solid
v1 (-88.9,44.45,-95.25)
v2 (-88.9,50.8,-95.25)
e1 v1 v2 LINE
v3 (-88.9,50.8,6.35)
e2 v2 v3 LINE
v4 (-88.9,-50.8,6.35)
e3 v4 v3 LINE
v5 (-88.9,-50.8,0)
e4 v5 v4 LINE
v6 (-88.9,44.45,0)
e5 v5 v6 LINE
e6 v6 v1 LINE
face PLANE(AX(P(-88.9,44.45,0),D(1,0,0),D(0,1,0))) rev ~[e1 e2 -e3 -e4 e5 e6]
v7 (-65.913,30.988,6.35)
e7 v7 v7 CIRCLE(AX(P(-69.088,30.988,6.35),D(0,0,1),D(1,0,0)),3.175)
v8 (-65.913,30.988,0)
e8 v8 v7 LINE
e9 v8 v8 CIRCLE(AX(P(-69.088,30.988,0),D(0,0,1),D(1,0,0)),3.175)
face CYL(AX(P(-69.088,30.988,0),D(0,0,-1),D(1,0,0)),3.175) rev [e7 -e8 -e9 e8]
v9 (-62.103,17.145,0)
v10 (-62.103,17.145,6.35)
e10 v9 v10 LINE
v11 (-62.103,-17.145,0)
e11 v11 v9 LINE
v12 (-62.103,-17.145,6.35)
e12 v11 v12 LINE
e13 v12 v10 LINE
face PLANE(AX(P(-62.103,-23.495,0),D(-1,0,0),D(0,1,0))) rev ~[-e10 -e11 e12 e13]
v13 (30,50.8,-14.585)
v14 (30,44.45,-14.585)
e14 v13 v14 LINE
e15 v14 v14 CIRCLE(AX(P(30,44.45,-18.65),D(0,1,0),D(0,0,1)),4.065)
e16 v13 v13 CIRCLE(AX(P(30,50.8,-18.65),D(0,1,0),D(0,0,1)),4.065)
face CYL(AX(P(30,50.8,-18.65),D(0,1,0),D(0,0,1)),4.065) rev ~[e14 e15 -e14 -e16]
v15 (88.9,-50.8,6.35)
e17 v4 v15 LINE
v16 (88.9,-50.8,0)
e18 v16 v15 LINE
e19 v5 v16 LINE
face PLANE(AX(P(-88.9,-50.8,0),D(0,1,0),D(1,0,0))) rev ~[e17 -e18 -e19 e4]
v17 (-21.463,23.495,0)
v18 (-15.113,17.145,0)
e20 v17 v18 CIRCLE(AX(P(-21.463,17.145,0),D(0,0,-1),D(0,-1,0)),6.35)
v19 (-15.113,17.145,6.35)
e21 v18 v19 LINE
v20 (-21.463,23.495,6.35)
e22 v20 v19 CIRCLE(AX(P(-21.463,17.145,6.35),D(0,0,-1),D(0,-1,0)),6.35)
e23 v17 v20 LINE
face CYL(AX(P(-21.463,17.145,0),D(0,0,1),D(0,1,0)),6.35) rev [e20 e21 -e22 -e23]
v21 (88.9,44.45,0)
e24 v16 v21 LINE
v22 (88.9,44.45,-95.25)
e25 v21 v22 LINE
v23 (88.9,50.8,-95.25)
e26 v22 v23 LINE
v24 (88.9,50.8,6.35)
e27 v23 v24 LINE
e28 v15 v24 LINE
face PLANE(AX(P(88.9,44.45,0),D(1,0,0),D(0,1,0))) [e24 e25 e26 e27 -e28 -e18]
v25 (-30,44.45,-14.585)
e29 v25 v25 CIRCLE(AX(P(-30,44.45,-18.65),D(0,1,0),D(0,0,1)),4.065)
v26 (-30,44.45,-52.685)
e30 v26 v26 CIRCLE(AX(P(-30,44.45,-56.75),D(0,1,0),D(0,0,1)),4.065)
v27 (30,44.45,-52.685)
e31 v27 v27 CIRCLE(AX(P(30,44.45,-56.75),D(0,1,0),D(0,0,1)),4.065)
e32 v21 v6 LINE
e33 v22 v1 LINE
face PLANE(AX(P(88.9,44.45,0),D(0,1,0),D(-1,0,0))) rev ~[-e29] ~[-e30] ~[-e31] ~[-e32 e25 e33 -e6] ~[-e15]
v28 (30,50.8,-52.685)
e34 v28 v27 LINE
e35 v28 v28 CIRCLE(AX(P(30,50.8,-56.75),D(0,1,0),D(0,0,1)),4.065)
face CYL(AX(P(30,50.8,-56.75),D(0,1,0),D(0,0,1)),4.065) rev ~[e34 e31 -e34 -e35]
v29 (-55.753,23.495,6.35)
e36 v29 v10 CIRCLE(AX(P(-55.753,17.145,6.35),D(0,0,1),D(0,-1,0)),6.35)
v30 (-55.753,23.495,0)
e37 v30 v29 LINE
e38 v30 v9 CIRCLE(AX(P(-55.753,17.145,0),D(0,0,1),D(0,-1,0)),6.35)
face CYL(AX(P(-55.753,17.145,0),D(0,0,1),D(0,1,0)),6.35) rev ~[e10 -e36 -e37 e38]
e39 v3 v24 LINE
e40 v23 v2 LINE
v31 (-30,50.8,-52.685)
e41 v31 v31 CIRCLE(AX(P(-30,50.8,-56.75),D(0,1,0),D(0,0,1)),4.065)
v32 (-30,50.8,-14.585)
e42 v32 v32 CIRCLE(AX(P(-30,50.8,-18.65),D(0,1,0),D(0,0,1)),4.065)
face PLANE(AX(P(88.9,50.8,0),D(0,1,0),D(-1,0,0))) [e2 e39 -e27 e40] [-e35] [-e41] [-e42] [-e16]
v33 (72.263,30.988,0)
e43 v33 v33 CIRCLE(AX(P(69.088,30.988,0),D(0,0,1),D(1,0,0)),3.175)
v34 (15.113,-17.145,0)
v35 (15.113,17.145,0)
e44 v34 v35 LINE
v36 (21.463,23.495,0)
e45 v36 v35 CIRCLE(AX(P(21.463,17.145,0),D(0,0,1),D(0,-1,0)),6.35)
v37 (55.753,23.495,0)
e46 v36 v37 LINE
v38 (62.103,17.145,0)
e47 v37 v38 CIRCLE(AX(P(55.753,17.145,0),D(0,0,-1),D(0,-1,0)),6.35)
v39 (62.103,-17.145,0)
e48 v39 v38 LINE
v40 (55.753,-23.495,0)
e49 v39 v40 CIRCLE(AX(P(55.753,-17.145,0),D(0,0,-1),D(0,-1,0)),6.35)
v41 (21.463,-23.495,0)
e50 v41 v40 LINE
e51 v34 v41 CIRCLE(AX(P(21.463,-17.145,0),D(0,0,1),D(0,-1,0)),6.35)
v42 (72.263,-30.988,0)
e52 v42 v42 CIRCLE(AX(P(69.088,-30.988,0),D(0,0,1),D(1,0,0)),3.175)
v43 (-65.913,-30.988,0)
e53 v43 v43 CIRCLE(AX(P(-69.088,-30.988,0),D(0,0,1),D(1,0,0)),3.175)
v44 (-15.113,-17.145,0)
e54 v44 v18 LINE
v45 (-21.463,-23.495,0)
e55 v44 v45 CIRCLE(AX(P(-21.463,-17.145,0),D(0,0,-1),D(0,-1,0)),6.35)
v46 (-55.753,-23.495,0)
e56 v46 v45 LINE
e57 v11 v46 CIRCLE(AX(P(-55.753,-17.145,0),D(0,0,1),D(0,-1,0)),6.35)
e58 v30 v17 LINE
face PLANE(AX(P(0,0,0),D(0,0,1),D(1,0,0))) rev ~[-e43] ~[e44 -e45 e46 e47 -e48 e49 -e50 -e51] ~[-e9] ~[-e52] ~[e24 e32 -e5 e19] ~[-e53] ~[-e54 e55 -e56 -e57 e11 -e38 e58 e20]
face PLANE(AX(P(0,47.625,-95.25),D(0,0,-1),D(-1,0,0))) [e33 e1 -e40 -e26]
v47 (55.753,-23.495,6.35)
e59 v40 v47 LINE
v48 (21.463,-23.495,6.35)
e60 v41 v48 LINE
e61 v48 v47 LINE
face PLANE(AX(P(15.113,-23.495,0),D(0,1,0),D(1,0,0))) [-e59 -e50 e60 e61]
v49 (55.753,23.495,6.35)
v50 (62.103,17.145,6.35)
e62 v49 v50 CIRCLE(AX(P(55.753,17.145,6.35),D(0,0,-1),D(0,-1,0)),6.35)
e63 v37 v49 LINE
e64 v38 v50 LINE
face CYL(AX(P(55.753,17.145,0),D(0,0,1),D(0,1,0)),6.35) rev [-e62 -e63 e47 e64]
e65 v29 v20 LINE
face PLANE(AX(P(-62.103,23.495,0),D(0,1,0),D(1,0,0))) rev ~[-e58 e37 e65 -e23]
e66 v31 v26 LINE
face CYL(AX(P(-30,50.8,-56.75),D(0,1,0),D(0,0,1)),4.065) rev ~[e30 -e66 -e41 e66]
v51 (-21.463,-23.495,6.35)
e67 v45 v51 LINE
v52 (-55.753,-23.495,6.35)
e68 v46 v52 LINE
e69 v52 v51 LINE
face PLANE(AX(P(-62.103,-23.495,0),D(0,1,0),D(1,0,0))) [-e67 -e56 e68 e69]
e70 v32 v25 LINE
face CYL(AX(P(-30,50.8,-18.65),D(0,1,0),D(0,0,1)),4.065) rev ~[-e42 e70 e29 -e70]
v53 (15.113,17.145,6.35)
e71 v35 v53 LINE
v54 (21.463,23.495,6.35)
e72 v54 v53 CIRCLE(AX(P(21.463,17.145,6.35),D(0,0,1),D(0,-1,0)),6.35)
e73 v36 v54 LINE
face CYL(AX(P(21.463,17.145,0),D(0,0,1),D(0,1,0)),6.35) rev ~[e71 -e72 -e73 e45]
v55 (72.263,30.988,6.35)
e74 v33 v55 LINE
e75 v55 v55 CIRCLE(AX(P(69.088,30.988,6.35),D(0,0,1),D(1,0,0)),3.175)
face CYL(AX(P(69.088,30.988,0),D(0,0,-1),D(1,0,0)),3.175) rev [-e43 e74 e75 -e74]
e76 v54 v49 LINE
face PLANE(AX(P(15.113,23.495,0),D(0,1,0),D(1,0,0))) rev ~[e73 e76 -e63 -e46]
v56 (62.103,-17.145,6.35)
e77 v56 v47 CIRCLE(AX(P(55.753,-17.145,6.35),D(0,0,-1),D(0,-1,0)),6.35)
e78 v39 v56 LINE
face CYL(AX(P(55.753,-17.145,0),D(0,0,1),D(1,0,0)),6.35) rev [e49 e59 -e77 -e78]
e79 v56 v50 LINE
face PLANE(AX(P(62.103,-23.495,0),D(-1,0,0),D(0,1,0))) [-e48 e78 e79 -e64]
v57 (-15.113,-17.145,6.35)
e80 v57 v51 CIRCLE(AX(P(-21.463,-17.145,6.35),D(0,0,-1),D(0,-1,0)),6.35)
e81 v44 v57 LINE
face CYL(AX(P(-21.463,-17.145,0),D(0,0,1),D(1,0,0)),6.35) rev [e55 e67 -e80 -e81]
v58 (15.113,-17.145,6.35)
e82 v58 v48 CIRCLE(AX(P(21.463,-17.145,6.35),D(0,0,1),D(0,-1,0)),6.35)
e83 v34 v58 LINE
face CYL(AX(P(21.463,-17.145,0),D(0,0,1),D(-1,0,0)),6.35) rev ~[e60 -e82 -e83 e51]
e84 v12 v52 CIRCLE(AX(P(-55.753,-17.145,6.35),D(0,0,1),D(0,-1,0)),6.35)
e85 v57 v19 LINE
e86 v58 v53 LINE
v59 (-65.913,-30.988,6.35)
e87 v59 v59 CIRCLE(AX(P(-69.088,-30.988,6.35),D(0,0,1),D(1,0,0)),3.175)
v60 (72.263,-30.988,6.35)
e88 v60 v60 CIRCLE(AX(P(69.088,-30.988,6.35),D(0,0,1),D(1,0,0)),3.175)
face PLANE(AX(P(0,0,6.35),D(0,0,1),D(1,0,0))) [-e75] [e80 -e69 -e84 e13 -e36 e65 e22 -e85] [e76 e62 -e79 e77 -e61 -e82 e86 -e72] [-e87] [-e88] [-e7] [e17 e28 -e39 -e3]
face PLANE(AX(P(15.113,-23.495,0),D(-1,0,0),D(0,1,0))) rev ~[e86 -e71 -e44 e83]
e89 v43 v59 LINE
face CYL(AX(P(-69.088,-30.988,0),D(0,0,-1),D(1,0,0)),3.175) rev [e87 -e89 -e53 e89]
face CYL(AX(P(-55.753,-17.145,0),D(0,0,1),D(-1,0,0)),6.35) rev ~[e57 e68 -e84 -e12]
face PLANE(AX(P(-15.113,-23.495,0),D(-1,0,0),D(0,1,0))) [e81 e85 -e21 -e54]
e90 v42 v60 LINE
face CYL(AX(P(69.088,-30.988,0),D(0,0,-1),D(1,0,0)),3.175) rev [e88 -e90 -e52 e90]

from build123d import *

# Parameters (mm, degrees)
SKETCH1_W           = 177.8
SKETCH1_H           = 101.6
SKETCH1_R           = 3.175
SKETCH1_W_2         = 46.99
SKETCH1_H_2         = 46.99
BOSS_EXTRUDE2_DEPTH = 6.35
SKETCH2_W           = 177.8
SKETCH2_H           = 6.35
BOSS_EXTRUDE3_DEPTH = 95.25
FILLET1_R           = 6.35
SKETCH3_R           = 4.065
CUT_EXTRUDE1_DEPTH  = 152.4


with BuildPart() as part:
    # Sketch1 → Boss-Extrude2 (new body)
    with BuildSketch(Plane.XY):
        Rectangle(SKETCH1_W, SKETCH1_H)
        with Locations((-69.088, 30.988)):
            Circle(SKETCH1_R, mode=Mode.SUBTRACT)
        with Locations((69.088, 30.988)):
            Circle(SKETCH1_R, mode=Mode.SUBTRACT)
        with Locations((69.088, -30.988)):
            Circle(SKETCH1_R, mode=Mode.SUBTRACT)
        with Locations((-69.088, -30.988)):
            Circle(SKETCH1_R, mode=Mode.SUBTRACT)
        with Locations((-38.608, 0)):
            Rectangle(SKETCH1_W_2, SKETCH1_H_2, mode=Mode.SUBTRACT)
        with Locations((38.608, 0)):
            Rectangle(SKETCH1_W_2, SKETCH1_H_2, mode=Mode.SUBTRACT)
    extrude(amount=BOSS_EXTRUDE2_DEPTH)

    # Sketch2 → Boss-Extrude3 (add)
    with BuildSketch(Plane(origin=(0, 0, 0), x_dir=(-1, 0, 0), z_dir=(0, 0, -1))):
        with Locations((0, 47.625)):
            Rectangle(SKETCH2_W, SKETCH2_H)
    extrude(amount=BOSS_EXTRUDE3_DEPTH)

    # Fillet1
    fillet1_edges = [part.edges().sort_by_distance(p)[0] for p in [
        (15.113, 23.495, 3.175),
        (15.113, -23.495, 3.175),
        (62.103, -23.495, 3.175),
        (62.103, 23.495, 3.175),
        (-62.103, 23.495, 3.175),
        (-62.103, -23.495, 3.175),
        (-15.113, -23.495, 3.175),
        (-15.113, 23.495, 3.175),
    ]]
    fillet(fillet1_edges, radius=FILLET1_R)

    # Sketch3 → Cut-Extrude1 (cut)
    with BuildSketch(Plane(origin=(0, 50.8, 0), x_dir=(1, 0, 0), z_dir=(0, 1, 0))):
        with Locations(Location((-30, 18.65, 0), (0, 0, 270))):
            Circle(SKETCH3_R)
        with Locations(Location((-30, 56.75, 0), (0, 0, 270))):
            Circle(SKETCH3_R)
        with Locations(Location((30, 18.65, 0), (0, 0, 270))):
            Circle(SKETCH3_R)
        with Locations(Location((30, 56.75, 0), (0, 0, 270))):
            Circle(SKETCH3_R)
    extrude(amount=-CUT_EXTRUDE1_DEPTH, mode=Mode.SUBTRACT)


solid = part.part
